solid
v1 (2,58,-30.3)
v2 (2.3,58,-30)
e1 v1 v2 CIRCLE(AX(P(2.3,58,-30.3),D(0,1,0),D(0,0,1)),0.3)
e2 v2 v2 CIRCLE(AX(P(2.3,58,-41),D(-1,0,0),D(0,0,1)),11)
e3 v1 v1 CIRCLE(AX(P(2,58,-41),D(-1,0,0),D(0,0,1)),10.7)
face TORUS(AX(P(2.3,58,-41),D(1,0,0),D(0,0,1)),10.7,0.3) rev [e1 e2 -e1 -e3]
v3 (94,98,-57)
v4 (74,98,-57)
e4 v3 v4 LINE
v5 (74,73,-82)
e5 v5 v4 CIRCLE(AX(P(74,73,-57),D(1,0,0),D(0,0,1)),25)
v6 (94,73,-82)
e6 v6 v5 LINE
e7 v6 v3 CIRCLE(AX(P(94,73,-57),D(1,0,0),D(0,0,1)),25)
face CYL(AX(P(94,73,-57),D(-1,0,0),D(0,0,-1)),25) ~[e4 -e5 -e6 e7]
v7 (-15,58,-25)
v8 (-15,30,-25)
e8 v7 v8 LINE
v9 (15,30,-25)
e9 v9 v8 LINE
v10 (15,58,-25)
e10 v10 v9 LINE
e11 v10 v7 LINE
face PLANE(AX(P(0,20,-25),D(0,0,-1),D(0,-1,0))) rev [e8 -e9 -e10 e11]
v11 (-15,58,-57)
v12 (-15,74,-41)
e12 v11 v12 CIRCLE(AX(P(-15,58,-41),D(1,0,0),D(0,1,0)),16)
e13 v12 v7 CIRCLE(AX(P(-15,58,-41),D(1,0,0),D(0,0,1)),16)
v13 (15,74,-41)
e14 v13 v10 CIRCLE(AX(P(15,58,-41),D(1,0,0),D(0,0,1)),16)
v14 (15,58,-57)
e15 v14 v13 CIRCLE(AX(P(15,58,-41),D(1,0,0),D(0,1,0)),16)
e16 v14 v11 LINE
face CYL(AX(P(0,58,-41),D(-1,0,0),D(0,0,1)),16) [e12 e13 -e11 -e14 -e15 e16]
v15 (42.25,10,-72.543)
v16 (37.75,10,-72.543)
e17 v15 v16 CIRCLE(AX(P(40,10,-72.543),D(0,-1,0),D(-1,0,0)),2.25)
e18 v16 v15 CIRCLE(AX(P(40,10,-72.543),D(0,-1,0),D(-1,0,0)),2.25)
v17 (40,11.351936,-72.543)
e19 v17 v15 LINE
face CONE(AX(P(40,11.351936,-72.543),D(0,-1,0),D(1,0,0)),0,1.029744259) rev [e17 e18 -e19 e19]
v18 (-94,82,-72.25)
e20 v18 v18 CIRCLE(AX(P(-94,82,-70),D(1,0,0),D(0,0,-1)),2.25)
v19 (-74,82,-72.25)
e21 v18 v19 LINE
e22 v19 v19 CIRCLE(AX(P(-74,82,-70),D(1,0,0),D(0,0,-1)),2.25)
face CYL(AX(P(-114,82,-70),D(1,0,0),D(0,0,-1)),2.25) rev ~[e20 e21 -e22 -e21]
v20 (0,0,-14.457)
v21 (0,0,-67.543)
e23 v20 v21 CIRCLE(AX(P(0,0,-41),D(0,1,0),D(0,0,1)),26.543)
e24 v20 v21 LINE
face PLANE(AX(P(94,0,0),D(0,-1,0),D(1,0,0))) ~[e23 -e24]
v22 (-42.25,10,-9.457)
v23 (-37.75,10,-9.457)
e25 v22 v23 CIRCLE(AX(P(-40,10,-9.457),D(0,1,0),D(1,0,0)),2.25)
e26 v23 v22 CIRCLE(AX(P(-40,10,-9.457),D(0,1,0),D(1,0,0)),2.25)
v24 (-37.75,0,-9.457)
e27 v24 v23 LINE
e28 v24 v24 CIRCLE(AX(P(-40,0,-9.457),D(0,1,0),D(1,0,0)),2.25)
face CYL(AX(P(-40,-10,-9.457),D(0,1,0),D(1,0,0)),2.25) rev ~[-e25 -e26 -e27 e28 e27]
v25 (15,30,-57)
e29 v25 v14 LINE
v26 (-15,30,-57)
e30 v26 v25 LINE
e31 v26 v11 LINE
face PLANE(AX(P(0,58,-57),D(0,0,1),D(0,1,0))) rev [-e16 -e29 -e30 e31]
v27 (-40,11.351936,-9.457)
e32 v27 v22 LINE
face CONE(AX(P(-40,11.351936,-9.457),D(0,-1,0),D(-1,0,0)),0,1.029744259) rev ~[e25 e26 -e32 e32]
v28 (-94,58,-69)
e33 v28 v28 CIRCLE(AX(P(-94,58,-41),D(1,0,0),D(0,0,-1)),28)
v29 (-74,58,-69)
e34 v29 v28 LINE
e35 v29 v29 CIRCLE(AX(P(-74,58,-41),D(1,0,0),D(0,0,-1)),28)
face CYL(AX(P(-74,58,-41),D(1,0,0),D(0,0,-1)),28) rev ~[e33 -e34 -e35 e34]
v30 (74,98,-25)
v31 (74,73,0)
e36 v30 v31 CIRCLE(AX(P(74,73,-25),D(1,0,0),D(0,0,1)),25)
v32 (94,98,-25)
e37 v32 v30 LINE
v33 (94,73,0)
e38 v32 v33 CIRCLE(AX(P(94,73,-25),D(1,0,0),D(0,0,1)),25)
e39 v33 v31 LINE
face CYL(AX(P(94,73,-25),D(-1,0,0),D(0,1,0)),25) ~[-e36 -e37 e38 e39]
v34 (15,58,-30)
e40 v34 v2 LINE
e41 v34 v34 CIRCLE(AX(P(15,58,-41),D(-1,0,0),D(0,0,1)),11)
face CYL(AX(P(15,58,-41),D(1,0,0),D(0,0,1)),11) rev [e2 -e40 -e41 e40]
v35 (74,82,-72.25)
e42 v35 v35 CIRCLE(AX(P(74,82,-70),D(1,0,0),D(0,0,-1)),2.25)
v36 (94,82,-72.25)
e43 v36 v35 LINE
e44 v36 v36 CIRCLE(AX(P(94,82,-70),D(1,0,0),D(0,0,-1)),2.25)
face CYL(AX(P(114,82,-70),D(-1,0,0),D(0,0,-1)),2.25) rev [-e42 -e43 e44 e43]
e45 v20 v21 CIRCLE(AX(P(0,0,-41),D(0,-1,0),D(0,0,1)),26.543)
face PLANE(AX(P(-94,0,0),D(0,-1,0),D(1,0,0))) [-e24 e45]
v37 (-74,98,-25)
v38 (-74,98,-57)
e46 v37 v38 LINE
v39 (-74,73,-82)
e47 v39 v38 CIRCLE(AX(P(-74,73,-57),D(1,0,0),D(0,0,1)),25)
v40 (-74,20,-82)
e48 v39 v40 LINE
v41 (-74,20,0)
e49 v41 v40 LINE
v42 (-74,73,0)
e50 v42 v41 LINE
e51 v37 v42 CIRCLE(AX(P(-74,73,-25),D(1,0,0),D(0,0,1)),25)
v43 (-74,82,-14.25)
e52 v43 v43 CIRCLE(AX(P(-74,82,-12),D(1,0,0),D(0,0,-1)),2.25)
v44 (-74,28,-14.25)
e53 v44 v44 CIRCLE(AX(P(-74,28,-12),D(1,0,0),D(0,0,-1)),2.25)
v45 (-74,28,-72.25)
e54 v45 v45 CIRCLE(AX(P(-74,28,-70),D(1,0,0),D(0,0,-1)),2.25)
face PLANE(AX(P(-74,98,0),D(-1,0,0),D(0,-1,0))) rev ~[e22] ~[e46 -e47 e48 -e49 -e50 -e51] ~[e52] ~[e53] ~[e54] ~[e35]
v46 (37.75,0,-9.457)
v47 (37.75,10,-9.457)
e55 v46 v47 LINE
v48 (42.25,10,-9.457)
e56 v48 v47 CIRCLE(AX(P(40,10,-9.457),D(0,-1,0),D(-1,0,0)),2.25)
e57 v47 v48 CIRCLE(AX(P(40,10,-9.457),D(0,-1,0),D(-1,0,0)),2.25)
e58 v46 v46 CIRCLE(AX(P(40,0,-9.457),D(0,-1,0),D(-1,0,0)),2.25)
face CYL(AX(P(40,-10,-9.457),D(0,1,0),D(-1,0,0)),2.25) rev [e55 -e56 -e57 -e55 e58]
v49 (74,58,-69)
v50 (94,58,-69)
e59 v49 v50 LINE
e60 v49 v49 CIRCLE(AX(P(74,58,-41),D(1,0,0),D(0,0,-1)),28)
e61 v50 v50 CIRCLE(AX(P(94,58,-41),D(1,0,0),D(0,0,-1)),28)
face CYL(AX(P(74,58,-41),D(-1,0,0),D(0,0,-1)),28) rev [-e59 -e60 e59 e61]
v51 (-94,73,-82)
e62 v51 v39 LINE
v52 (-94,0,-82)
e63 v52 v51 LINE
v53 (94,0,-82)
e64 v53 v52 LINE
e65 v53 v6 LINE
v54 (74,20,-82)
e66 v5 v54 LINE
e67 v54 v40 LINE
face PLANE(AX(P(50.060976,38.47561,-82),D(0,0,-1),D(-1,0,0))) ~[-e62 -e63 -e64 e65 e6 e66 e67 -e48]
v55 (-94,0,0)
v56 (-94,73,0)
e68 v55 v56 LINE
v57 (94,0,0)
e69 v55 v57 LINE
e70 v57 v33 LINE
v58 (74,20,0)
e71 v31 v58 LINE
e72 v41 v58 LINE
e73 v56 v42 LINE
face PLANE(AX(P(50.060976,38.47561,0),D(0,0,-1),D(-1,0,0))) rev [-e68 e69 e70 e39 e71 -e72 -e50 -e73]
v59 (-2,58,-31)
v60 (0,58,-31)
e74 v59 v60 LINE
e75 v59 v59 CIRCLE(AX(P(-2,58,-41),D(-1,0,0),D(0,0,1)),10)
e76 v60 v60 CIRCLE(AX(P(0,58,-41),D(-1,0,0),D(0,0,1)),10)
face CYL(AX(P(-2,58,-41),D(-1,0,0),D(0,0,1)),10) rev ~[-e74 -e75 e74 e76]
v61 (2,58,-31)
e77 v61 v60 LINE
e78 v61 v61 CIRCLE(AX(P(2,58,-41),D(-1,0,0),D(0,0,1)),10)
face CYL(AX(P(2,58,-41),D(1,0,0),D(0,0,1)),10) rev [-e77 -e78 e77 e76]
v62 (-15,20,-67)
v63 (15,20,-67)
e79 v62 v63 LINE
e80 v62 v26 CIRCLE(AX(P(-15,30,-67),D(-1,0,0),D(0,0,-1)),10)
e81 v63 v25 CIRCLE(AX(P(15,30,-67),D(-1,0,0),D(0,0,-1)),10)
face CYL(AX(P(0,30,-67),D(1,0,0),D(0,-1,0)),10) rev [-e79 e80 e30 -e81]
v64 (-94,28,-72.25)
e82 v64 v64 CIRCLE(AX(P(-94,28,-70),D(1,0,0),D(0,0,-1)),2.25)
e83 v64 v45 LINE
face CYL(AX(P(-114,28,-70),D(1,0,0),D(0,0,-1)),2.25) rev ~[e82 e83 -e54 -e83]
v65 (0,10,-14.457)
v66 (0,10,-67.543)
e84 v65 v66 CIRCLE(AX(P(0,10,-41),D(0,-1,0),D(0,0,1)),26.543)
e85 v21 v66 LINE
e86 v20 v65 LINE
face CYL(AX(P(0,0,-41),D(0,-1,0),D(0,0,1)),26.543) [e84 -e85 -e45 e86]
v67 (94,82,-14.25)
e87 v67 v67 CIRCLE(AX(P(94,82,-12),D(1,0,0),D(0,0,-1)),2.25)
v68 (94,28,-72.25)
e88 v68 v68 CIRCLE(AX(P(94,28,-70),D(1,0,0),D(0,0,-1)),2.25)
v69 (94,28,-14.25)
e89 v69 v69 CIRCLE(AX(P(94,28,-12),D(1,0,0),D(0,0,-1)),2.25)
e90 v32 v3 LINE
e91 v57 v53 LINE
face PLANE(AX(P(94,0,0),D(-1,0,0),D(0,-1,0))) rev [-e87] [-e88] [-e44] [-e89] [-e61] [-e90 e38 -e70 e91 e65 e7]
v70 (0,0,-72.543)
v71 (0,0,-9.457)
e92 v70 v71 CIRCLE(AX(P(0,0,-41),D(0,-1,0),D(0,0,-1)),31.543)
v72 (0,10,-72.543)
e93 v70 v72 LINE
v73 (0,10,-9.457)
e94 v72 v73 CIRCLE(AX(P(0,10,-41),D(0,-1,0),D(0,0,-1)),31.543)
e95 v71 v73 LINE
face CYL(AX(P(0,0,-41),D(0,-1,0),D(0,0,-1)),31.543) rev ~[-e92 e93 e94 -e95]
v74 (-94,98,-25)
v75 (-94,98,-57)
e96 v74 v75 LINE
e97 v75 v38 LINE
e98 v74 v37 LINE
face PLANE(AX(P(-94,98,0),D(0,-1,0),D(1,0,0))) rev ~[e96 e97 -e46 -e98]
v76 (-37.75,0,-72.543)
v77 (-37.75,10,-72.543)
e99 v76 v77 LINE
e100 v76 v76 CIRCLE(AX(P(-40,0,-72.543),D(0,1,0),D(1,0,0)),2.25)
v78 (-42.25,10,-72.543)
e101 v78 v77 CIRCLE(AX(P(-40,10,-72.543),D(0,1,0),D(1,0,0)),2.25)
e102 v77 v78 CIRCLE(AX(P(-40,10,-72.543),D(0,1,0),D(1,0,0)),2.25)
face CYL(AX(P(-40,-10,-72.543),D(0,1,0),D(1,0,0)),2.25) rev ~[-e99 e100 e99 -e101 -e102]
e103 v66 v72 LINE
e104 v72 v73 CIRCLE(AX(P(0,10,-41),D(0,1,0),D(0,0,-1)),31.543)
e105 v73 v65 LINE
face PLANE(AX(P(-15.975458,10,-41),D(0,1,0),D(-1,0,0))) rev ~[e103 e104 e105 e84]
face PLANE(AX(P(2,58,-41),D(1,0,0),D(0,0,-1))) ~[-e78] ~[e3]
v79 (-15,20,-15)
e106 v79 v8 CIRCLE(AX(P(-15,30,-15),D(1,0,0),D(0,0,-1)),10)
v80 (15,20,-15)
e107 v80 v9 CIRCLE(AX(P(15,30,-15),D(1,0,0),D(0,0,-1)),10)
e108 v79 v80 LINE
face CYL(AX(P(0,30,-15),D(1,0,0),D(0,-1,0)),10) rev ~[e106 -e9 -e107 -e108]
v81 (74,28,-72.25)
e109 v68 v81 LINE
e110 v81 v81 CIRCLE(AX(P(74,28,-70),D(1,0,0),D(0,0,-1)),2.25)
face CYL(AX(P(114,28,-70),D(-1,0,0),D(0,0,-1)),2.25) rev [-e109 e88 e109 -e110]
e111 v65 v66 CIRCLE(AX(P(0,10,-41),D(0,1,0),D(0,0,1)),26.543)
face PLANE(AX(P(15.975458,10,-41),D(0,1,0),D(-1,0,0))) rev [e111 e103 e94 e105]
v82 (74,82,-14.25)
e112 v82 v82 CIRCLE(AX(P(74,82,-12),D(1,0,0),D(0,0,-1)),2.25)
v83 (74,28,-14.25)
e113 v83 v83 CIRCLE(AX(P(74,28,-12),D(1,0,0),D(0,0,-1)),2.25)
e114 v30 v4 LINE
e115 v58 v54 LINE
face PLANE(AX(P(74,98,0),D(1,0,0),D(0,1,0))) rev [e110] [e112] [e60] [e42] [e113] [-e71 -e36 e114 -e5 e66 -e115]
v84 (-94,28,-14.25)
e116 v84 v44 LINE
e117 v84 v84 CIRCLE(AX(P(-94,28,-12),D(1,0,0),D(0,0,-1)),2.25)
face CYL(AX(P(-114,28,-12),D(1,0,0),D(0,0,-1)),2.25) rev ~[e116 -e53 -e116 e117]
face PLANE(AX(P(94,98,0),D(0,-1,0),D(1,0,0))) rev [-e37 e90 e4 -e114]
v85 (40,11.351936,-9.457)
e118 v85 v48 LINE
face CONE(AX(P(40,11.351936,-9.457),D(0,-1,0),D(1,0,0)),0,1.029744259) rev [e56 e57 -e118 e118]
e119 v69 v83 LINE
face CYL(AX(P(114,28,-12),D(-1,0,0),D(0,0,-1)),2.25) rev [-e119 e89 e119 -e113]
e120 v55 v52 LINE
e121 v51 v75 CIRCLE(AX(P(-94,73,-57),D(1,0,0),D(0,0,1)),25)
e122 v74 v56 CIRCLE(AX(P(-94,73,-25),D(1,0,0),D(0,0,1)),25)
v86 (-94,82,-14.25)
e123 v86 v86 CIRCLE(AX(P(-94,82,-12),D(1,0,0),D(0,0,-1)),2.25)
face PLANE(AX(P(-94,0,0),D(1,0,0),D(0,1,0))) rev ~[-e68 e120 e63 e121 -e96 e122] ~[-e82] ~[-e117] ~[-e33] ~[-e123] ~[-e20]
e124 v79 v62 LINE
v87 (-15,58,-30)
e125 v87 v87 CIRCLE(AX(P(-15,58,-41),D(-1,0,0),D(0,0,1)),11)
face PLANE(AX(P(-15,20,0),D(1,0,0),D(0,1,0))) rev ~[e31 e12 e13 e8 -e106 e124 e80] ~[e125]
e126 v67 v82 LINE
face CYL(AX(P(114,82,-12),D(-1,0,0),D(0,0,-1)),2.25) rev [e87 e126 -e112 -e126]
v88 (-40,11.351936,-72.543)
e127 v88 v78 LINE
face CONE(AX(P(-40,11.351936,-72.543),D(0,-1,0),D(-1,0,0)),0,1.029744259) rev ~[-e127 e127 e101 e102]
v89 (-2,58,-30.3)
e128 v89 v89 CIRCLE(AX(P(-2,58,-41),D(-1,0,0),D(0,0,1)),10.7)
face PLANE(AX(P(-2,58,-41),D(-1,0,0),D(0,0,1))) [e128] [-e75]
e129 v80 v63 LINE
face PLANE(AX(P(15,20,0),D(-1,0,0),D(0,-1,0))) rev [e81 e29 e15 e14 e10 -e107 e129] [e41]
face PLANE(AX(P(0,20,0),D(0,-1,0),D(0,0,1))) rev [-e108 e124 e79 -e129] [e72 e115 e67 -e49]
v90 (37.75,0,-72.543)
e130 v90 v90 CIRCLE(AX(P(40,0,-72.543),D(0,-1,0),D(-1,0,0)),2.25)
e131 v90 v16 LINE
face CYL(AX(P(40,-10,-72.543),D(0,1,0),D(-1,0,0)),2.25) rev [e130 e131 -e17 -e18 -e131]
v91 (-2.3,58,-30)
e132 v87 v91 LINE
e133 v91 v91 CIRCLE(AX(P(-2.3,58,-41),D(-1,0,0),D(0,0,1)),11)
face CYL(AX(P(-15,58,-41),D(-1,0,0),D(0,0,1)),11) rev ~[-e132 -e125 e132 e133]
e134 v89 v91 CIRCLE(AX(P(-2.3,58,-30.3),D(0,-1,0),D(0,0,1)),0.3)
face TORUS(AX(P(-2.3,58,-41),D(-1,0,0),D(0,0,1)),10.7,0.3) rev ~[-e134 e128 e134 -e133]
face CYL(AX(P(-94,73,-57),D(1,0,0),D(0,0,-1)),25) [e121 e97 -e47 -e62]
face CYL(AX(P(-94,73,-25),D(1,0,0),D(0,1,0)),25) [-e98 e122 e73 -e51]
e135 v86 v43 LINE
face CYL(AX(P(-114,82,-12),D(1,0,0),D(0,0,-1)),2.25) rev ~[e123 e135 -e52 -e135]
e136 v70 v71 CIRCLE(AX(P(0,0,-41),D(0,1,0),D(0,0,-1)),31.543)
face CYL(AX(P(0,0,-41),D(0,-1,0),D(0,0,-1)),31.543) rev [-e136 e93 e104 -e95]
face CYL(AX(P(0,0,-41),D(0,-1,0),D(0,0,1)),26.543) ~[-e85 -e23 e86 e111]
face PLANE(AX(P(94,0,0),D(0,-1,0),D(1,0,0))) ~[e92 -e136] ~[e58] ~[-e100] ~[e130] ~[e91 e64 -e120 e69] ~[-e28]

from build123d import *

# Parameters (mm, degrees)
BOSS_EXTRUDE1_DEPTH      = 82
SKETCH5_R                = 11
CUT_EXTRUDE1_DEPTH       = 13
CUT_EXTRUDE2_REACH       = 4
SKETCH6_R                = 10
FILLET1_R                = 0.3
CUT_EXTRUDE4_REACH       = 22
SKETCH8_R                = 28
CUT_EXTRUDE5_REACH       = 96
FILLET3_R                = 25
FILLET7_R                = 10
CUT_EXTRUDE7_DEPTH       = 10
M4_CLEARANCE_HOLE2_D     = 4.5
M4_CLEARANCE_HOLE2_DEPTH = 10
M4_CLEARANCE_HOLE2_TIP   = 1.351936393
M4_CLEARANCE_HOLE3_D     = 4.5
M4_CLEARANCE_HOLE3_DEPTH = 20


with BuildPart() as part:
    # Sketch1 → Boss-Extrude1 (new body)
    with BuildSketch(Plane.XY):
        Polygon((0, 0), (-74, 0), (-94, 0), (-94, 98), (-74, 98), (-74, 20), (-15, 20), (-15, 74), (0, 74), align=None)
    extrude(amount=-BOSS_EXTRUDE1_DEPTH)

    # Sketch5 → Cut-Extrude1 (cut)
    with BuildSketch(Plane.ZY.offset(15)):
        with Locations((-41, 58)):
            Circle(SKETCH5_R)
    extrude(amount=-CUT_EXTRUDE1_DEPTH, mode=Mode.SUBTRACT)

    # Sketch6 → Cut-Extrude2 (cut, up to next)
    with BuildSketch(Plane.ZY.offset(2), mode=Mode.PRIVATE) as cut_extrude2_sk1:
        with Locations((-41, 58)):
            Circle(SKETCH6_R)
    cut_extrude2_tool1 = extrude(cut_extrude2_sk1.sketch, amount=-CUT_EXTRUDE2_REACH, mode=Mode.PRIVATE) & part.part
    add(cut_extrude2_tool1.solids().sort_by_distance((-2, 58, -41))[0], mode=Mode.SUBTRACT)

    # Fillet1
    fillet1_edges = [part.edges().sort_by_distance(p)[0] for p in [
        (-2, 58, -52),
    ]]
    fillet(fillet1_edges, radius=FILLET1_R)

    # Sketch8 → Cut-Extrude4 (cut, up to next)
    with BuildSketch(Plane(origin=(-74, 0, 0), x_dir=(0, 0, -1), z_dir=(1, 0, 0)), mode=Mode.PRIVATE) as cut_extrude4_sk1:
        with Locations((41, 58)):
            Circle(SKETCH8_R)
    cut_extrude4_tool1 = extrude(cut_extrude4_sk1.sketch, amount=-CUT_EXTRUDE4_REACH, mode=Mode.PRIVATE) & part.part
    add(cut_extrude4_tool1.solids().sort_by_distance((-74, 58, -41))[0], mode=Mode.SUBTRACT)

    # Sketch10 → Cut-Extrude5 (cut, up to next)
    with BuildSketch(Plane(origin=(0, 0, 0), x_dir=(0, 0, -1), z_dir=(1, 0, 0)), mode=Mode.PRIVATE) as cut_extrude5_sk1:
        with BuildLine():
            Line((0, 74), (0, 20))
            Line((0, 20), (25, 20))
            Line((25, 20), (25, 58))
            ThreePointArc((25, 58), (29.686291501, 69.313708499), (41, 74))
            Line((41, 74), (0, 74))
        make_face()
    cut_extrude5_tool1 = extrude(cut_extrude5_sk1.sketch, amount=-CUT_EXTRUDE5_REACH, mode=Mode.PRIVATE) & part.part
    add(cut_extrude5_tool1.solids().sort_by_distance((0, 47.916044, -13.128546))[0], mode=Mode.SUBTRACT)
    # Sketch10 → Cut-Extrude5 (cut, up to next)
    with BuildSketch(Plane(origin=(0, 0, 0), x_dir=(0, 0, -1), z_dir=(1, 0, 0)), mode=Mode.PRIVATE) as cut_extrude5_sk2:
        with BuildLine():
            Line((82, 74), (41, 74))
            ThreePointArc((41, 74), (52.313708499, 69.313708499), (57, 58))
            Line((57, 58), (57, 20))
            Line((57, 20), (82, 20))
            Line((82, 20), (82, 74))
        make_face()
    cut_extrude5_tool2 = extrude(cut_extrude5_sk2.sketch, amount=-CUT_EXTRUDE5_REACH, mode=Mode.PRIVATE) & part.part
    add(cut_extrude5_tool2.solids().sort_by_distance((0, 47.916044, -68.871454))[0], mode=Mode.SUBTRACT)

    # Fillet3
    fillet3_edges = [part.edges().sort_by_distance(p)[0] for p in [
        (-84, 98, 0),
        (-84, 98, -82),
    ]]
    fillet(fillet3_edges, radius=FILLET3_R)

    # Fillet7
    fillet7_edges = [part.edges().sort_by_distance(p)[0] for p in [
        (-7.5, 20, -57),
        (-7.5, 20, -25),
    ]]
    fillet(fillet7_edges, radius=FILLET7_R)

    # Sketch16 → Cut-Extrude7 (cut)
    with BuildSketch(Plane.XZ):
        with BuildLine():
            Line((0, -9.457), (0, -14.457))
            ThreePointArc((0, -14.457), (-26.543, -41), (0, -67.543))
            Line((0, -67.543), (0, -72.543))
            ThreePointArc((0, -72.543), (-31.543, -41), (0, -9.457))
        make_face()
    extrude(amount=-CUT_EXTRUDE7_DEPTH, mode=Mode.SUBTRACT)

    # M4 Clearance Hole2
    with Locations(Plane(origin=(0, 0, 0), x_dir=(-1, 0, 0), z_dir=(0, -1, 0))):
        with Locations((40, 9.457), (40, 72.543)):
            Hole(M4_CLEARANCE_HOLE2_D / 2, depth=M4_CLEARANCE_HOLE2_DEPTH)
            with Locations((0, 0, -(M4_CLEARANCE_HOLE2_DEPTH + M4_CLEARANCE_HOLE2_TIP / 2))):  # 118° drill point
                Cone(0, M4_CLEARANCE_HOLE2_D / 2, M4_CLEARANCE_HOLE2_TIP, mode=Mode.SUBTRACT)

    # M4 Clearance Hole3
    with Locations(Plane.ZY.offset(94)):
        with Locations((-70, 28), (-12, 28), (-12, 82), (-70, 82)):
            Hole(M4_CLEARANCE_HOLE3_D / 2, depth=M4_CLEARANCE_HOLE3_DEPTH)

    # Mirror1: part across plane


with BuildPart() as part_1:
    add(part.part)
    add(part.part.mirror(Plane(origin=(0, 74, -82), x_dir=(0, 0, 1), z_dir=(1, 0, 0))))


solid = part_1.part
